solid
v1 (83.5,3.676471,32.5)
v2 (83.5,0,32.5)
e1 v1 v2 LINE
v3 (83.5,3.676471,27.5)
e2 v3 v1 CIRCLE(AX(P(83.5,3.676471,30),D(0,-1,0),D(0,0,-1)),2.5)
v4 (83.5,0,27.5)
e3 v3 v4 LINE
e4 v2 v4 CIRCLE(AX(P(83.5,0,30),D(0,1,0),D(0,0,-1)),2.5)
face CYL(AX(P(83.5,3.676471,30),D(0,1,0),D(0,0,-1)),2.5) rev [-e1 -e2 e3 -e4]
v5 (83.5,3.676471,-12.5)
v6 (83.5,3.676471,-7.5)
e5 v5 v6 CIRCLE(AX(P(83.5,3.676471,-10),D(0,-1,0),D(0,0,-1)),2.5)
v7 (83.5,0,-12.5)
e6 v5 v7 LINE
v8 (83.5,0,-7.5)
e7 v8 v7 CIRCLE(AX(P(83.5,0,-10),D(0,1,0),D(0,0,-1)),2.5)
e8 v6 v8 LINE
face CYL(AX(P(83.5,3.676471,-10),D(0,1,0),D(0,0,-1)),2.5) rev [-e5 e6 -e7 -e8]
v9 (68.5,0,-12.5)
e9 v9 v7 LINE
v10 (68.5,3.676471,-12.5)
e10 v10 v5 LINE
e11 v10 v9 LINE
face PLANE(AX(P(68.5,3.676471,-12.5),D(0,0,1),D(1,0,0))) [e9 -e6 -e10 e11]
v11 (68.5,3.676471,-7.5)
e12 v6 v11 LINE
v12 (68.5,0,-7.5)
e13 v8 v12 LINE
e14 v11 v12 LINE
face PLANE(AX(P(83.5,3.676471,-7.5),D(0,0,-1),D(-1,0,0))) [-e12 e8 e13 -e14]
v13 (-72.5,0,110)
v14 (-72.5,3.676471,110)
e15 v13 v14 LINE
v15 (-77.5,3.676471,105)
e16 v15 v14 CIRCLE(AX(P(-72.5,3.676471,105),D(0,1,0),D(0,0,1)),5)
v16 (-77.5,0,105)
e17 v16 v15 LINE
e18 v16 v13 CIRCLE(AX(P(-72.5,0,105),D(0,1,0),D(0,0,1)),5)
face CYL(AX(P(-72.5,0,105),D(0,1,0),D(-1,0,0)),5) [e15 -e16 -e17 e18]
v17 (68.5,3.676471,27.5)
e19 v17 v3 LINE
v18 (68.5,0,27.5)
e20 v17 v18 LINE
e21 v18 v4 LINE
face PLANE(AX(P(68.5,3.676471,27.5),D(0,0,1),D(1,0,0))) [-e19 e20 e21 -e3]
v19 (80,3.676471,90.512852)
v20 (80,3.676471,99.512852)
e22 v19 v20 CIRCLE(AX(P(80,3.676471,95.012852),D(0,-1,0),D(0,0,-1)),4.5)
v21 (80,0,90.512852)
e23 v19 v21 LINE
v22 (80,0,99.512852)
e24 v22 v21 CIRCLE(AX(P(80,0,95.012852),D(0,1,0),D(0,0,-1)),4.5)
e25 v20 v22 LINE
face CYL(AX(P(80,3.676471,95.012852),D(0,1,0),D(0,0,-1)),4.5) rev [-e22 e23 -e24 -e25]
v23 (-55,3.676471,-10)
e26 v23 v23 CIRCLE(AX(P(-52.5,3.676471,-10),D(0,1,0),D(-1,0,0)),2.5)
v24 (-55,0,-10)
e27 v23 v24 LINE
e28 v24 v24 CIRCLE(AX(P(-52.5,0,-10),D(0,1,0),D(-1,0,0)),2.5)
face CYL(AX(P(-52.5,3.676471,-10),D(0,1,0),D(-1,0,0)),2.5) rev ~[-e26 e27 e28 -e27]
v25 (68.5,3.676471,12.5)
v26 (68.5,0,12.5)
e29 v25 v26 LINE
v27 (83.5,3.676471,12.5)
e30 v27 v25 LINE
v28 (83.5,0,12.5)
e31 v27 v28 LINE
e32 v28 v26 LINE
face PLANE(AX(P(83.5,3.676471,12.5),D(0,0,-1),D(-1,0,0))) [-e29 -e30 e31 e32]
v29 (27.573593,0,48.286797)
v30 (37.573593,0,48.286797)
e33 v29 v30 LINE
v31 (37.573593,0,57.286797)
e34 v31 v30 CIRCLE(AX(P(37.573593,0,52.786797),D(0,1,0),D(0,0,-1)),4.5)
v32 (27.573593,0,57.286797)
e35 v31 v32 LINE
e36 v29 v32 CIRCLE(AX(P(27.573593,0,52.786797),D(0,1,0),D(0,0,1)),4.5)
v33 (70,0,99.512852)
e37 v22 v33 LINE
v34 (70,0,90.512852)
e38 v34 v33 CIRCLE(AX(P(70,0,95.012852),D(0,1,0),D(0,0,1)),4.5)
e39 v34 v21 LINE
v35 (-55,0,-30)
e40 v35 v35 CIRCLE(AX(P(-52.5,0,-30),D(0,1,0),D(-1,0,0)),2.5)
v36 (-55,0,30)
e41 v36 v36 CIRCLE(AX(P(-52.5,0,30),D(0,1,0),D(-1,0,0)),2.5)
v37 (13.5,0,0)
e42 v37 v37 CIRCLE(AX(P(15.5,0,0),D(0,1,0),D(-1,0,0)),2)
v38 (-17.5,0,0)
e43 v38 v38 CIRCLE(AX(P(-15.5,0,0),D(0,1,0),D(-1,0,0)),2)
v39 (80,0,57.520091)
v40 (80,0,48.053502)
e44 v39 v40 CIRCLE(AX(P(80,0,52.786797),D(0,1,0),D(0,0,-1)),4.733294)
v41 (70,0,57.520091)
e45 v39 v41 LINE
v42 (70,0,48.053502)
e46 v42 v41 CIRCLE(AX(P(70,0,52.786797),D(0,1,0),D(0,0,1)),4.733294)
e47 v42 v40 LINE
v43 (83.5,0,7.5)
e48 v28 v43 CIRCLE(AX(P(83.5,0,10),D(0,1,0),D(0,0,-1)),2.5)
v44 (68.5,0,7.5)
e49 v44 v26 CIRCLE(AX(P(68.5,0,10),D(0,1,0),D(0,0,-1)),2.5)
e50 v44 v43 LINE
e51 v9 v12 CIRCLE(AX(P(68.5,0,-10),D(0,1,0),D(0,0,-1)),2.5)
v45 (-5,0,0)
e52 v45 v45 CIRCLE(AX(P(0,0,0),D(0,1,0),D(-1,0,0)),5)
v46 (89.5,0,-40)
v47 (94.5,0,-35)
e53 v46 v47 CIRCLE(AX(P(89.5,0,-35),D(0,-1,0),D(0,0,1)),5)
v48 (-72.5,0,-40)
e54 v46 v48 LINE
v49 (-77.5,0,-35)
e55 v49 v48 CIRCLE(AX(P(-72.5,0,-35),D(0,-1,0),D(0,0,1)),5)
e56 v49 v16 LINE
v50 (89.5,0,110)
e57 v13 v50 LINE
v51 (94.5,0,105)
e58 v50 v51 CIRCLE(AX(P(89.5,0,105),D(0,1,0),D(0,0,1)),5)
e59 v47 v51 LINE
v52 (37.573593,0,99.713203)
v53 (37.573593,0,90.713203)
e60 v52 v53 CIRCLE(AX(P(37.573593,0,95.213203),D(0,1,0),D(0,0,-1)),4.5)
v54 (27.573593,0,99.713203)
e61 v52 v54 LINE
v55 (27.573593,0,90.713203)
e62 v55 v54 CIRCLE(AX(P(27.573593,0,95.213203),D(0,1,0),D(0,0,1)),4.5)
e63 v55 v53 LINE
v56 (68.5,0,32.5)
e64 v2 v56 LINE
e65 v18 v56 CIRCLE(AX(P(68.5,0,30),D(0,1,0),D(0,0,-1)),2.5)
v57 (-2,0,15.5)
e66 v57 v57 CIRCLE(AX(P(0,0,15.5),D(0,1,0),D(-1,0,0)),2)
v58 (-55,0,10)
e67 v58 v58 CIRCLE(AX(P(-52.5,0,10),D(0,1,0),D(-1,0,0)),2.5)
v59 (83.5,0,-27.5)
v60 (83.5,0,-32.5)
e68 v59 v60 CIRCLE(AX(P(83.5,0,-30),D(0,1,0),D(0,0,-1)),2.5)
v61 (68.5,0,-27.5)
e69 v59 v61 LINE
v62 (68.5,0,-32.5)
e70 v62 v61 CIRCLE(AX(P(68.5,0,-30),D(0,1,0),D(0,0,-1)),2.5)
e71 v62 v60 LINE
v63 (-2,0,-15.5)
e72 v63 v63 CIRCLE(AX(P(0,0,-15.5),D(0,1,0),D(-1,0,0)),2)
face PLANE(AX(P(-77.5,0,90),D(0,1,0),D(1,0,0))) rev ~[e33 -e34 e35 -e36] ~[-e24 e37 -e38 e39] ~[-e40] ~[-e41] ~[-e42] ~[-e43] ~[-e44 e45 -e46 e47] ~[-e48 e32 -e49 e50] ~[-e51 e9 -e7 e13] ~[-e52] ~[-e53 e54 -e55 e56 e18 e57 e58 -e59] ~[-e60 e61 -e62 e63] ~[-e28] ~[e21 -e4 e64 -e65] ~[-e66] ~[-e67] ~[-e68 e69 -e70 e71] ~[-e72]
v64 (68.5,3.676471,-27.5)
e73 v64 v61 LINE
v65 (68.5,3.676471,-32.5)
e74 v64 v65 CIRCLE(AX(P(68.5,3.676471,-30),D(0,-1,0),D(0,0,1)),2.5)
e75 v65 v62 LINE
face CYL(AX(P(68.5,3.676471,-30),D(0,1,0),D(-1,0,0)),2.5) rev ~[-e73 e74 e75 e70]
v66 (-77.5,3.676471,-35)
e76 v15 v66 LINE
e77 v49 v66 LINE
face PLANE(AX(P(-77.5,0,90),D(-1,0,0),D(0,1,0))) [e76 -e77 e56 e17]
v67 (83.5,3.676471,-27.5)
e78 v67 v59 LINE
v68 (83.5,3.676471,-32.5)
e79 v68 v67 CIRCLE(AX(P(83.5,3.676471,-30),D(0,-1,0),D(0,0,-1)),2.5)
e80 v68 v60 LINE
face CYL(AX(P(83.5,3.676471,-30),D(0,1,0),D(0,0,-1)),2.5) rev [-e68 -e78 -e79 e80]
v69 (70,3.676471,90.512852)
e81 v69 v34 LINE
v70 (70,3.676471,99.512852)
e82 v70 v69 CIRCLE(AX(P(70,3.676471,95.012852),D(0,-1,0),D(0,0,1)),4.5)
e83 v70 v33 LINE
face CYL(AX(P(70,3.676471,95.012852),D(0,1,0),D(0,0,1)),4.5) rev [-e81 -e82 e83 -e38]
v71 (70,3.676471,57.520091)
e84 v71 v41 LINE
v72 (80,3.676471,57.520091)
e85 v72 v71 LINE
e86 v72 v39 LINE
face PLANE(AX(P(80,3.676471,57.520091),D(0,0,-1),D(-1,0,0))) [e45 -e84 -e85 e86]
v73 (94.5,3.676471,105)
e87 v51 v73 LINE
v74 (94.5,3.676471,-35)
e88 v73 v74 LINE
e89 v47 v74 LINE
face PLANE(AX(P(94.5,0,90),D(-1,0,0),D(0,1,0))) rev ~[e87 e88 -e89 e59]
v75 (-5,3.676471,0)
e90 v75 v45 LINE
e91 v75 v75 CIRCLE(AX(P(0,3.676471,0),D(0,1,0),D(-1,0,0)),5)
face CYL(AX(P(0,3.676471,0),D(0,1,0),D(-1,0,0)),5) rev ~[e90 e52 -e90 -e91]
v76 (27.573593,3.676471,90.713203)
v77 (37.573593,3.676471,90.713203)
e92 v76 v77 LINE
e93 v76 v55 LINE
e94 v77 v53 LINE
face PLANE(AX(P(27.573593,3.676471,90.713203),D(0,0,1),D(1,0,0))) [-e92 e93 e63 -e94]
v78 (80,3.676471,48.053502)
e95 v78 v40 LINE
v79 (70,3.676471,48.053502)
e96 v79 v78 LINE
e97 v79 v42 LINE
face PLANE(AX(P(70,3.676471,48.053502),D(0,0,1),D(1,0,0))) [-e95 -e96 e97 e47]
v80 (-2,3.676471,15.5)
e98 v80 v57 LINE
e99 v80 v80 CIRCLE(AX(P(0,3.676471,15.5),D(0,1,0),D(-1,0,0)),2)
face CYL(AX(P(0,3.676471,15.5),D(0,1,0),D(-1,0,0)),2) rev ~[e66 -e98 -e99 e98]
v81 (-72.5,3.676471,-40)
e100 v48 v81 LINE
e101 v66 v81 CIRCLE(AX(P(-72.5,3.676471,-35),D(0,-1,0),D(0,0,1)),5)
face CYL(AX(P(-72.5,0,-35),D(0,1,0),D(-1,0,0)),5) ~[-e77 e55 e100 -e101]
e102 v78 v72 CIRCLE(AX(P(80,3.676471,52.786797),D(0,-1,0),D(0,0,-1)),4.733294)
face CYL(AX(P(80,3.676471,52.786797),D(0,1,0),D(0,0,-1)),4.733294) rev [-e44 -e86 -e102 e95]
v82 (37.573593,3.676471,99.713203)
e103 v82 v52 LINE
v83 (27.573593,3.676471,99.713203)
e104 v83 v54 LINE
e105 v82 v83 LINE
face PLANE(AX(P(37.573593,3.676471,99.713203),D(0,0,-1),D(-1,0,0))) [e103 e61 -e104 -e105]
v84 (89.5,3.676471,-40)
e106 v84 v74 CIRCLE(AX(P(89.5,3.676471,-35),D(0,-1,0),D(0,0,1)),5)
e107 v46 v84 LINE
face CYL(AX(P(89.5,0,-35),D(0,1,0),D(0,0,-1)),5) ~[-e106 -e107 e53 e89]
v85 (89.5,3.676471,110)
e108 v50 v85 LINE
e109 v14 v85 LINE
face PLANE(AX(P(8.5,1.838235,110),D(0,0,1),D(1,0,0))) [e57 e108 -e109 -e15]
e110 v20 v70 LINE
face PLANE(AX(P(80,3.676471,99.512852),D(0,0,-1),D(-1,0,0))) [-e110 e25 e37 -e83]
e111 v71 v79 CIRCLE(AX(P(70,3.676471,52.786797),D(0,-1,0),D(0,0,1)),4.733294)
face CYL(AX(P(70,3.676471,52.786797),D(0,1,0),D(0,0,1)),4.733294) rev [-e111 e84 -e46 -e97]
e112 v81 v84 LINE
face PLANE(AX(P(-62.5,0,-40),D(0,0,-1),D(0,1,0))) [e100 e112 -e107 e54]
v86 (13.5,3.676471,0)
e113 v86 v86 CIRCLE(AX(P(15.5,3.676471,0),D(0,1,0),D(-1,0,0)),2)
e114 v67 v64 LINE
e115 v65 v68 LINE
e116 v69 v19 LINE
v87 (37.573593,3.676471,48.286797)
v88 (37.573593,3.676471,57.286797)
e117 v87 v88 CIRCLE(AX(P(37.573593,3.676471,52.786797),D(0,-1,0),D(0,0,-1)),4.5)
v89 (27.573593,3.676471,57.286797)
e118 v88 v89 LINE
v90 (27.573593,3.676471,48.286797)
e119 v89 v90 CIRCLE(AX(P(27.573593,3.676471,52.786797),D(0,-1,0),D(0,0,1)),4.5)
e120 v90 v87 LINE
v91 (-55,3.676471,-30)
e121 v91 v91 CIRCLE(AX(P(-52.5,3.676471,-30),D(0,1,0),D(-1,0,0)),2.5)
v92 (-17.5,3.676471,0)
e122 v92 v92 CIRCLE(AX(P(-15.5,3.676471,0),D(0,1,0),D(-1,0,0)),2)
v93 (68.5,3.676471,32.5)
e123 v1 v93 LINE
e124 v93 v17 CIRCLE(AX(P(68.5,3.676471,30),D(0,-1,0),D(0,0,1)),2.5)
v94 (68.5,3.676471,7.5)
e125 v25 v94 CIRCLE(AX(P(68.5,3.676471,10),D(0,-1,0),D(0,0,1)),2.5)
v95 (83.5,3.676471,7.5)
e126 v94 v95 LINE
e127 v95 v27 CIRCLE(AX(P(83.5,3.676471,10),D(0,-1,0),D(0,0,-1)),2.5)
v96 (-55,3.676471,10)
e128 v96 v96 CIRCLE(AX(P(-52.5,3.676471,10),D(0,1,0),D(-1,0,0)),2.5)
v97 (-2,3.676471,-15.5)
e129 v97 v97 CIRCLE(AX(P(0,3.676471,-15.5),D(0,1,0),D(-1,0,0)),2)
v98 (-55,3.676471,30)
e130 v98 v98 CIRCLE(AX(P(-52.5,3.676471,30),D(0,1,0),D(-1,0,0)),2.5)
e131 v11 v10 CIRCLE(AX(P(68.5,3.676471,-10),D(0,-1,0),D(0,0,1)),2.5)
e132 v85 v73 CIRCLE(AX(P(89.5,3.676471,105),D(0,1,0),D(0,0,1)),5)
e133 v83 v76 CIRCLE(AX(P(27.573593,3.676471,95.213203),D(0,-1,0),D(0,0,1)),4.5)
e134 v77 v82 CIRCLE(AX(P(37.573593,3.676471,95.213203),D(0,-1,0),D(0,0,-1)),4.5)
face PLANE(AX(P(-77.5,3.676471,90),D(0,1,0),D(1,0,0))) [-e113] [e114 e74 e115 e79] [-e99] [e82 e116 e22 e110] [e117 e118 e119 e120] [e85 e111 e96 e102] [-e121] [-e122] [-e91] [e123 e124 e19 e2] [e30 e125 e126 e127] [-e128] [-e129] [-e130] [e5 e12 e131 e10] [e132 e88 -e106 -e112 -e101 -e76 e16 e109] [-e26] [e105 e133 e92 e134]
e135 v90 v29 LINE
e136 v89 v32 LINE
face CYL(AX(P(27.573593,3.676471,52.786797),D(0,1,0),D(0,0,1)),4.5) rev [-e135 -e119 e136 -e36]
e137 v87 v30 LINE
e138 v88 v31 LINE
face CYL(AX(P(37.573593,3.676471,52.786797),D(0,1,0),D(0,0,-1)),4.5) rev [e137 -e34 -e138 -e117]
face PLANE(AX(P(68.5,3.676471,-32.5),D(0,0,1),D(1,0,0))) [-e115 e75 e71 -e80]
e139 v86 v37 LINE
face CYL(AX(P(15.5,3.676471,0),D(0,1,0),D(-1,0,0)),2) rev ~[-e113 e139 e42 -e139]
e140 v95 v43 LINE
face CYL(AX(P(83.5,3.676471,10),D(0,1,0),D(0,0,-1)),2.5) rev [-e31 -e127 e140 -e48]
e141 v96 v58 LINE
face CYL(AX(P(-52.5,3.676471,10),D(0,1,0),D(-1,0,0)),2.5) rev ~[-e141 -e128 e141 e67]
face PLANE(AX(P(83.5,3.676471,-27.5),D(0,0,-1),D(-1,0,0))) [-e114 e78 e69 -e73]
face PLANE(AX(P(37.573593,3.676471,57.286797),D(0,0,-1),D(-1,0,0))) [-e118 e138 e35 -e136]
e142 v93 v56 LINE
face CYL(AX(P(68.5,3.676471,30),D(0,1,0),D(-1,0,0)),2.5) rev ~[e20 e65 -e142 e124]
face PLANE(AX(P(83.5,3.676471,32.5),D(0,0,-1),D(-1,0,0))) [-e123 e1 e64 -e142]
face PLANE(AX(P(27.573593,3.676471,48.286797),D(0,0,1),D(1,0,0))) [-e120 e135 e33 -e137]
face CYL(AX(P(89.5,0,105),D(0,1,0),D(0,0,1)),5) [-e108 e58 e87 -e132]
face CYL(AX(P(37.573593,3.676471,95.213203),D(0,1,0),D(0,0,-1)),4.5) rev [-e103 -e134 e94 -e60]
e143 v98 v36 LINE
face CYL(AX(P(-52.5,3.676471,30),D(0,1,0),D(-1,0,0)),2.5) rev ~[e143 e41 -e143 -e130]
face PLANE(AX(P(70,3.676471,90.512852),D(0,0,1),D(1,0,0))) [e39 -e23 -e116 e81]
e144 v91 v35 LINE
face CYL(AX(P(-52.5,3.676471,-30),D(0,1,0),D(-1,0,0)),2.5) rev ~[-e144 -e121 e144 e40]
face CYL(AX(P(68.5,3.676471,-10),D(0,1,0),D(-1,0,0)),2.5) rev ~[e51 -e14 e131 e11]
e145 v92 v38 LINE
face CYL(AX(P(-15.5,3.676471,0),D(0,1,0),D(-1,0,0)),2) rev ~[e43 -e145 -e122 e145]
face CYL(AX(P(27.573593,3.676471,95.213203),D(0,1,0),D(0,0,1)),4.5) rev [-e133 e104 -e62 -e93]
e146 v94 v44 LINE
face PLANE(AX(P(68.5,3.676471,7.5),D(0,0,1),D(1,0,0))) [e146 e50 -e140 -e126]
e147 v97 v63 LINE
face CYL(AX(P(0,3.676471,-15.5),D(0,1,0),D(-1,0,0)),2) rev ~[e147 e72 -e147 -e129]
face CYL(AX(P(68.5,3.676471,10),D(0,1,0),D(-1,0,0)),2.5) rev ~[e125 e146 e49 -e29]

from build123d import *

# Parameters (mm, degrees)
SKETCH_2_W          = 62.5
SKETCH_2_H          = 3.676470588
EXTRUDE_1_DEPTH     = 40
SKETCH_4_R          = 2
SKETCH_4_R_2        = 5
SKETCH_4_R_3        = 2.5
CUT_EXTRUDE_1_DEPTH = 75.295130634
SKETCH_5_W          = 125
SKETCH_5_H          = 3.676470588
EXTRUDE_3_DEPTH     = 50
SKETCH_6_W          = 130
SKETCH_6_H          = 3.676470588
EXTRUDE_4_DEPTH     = 12
SKETCH_7_R          = 2.5
CUT_EXTRUDE_2_DEPTH = 117.892114516
SKETCH_8_W          = 130
SKETCH_8_H          = 3.676470588
EXTRUDE_5_DEPTH     = 20
CUT_EXTRUDE_4_DEPTH = 131.55177684
SKETCH_11_W         = 130
SKETCH_11_H         = 3.676470588
EXTRUDE_6_DEPTH     = 15
SKETCH_12_W         = 172
SKETCH_12_H         = 3.676470588
EXTRUDE_7_DEPTH     = 20
CUT_EXTRUDE_5_DEPTH = 146.064697415
FILLET_2_R          = 5


with BuildPart() as part:
    # 草图2 → 凸台-拉伸1 (new, symmetric)
    with BuildSketch(Plane.XY):
        with Locations((-31.25, 1.838235294)):
            Rectangle(SKETCH_2_W, SKETCH_2_H)
    extrude_1 = extrude(amount=EXTRUDE_1_DEPTH, both=True)

    # 镜向1: 凸台-拉伸1 across plane
    add(extrude_1.mirror(Plane(origin=(0, 0, 40), x_dir=(0, 0, 1), z_dir=(-1, 0, 0))))

    # 草图4 → 切除-拉伸1 (cut, through all)
    with BuildSketch(Plane(origin=(0, 3.676470588, 0), x_dir=(1, 0, 0), z_dir=(0, 1, 0))):
        with Locations(Location((0, 15.5, 0), (0, 0, 180))):
            Circle(SKETCH_4_R)
        with Locations(Location((15.5, 0, 0), (0, 0, 180))):
            Circle(SKETCH_4_R)
        with Locations(Location((0, -15.5, 0), (0, 0, 180))):
            Circle(SKETCH_4_R)
        with Locations(Location((-15.5, 0, 0), (0, 0, 180))):
            Circle(SKETCH_4_R)
        with Locations(Location((0, 0, 0), (0, 0, 180))):
            Circle(SKETCH_4_R_2)
        with Locations(Location((-52.5, 10, 0), (0, 0, 180))):
            Circle(SKETCH_4_R_3)
        with Locations(Location((-52.5, 30, 0), (0, 0, 180))):
            Circle(SKETCH_4_R_3)
        with Locations(Location((-52.5, -10, 0), (0, 0, 180))):
            Circle(SKETCH_4_R_3)
        with Locations(Location((-52.5, -30, 0), (0, 0, 180))):
            Circle(SKETCH_4_R_3)
    extrude(amount=-CUT_EXTRUDE_1_DEPTH, mode=Mode.SUBTRACT)

    # 草图5 → 凸台-拉伸3 (add)
    with BuildSketch(Plane.XY.offset(40)):
        with Locations((0, 1.838235294)):
            Rectangle(SKETCH_5_W, SKETCH_5_H)
    extrude(amount=EXTRUDE_3_DEPTH)

    # 草图6 → 凸台-拉伸4 (add)
    with BuildSketch(Plane(origin=(62.5, 0, 0), x_dir=(0, 0, -1), z_dir=(1, 0, 0))):
        with Locations((-25, 1.838235294)):
            Rectangle(SKETCH_6_W, SKETCH_6_H)
    extrude(amount=EXTRUDE_4_DEPTH)

    # 草图7 → 切除-拉伸2 (cut, through all)
    with BuildSketch(Plane(origin=(0, 3.676470588, 0), x_dir=(1, 0, 0), z_dir=(0, 1, 0))):
        with Locations(Location((68.5, 30, 0), (0, 0, 180))):
            Circle(SKETCH_7_R)
        with Locations(Location((68.5, 10, 0), (0, 0, 180))):
            Circle(SKETCH_7_R)
        with Locations(Location((68.5, -10, 0), (0, 0, 180))):
            Circle(SKETCH_7_R)
        with Locations(Location((68.5, -30, 0), (0, 0, 180))):
            Circle(SKETCH_7_R)
    extrude(amount=-CUT_EXTRUDE_2_DEPTH, mode=Mode.SUBTRACT)

    # 草图8 → 凸台-拉伸5 (add)
    with BuildSketch(Plane(origin=(74.5, 0, 0), x_dir=(0, 0, -1), z_dir=(1, 0, 0))):
        with Locations((-25, 1.838235294)):
            Rectangle(SKETCH_8_W, SKETCH_8_H)
    extrude(amount=EXTRUDE_5_DEPTH)

    # 草图10 → 切除-拉伸4 (cut, through all)
    with BuildSketch(Plane(origin=(0, 3.676470588, 0), x_dir=(1, 0, 0), z_dir=(0, 1, 0))):
        with BuildLine():
            Line((68.5, 32.5), (83.5, 32.5))
            ThreePointArc((83.5, 32.5), (86, 30), (83.5, 27.5))
            Line((83.5, 27.5), (68.5, 27.5))
            ThreePointArc((68.5, 27.5), (66, 30), (68.5, 32.5))
        make_face()
        with BuildLine():
            Line((68.5, 12.5), (83.5, 12.5))
            ThreePointArc((83.5, 12.5), (86, 10), (83.5, 7.5))
            Line((83.5, 7.5), (68.5, 7.5))
            ThreePointArc((68.5, 7.5), (66, 10), (68.5, 12.5))
        make_face()
        with BuildLine():
            Line((68.5, -7.5), (83.5, -7.5))
            ThreePointArc((83.5, -7.5), (86, -10), (83.5, -12.5))
            Line((83.5, -12.5), (68.5, -12.5))
            ThreePointArc((68.5, -12.5), (66, -10), (68.5, -7.5))
        make_face()
        with BuildLine():
            Line((68.5, -27.5), (83.5, -27.5))
            ThreePointArc((83.5, -27.5), (86, -30), (83.5, -32.5))
            Line((83.5, -32.5), (68.5, -32.5))
            ThreePointArc((68.5, -32.5), (66, -30), (68.5, -27.5))
        make_face()
    extrude(amount=-CUT_EXTRUDE_4_DEPTH, mode=Mode.SUBTRACT)

    # 草图11 → 凸台-拉伸6 (add)
    with BuildSketch(Plane.ZY.offset(62.5)):
        with Locations((25, 1.838235294)):
            Rectangle(SKETCH_11_W, SKETCH_11_H)
    extrude(amount=EXTRUDE_6_DEPTH)

    # 草图12 → 凸台-拉伸7 (add)
    with BuildSketch(Plane.XY.offset(90)):
        with Locations((8.5, 1.838235294)):
            Rectangle(SKETCH_12_W, SKETCH_12_H)
    extrude(amount=EXTRUDE_7_DEPTH)

    # 草图13 → 切除-拉伸5 (cut, through all)
    with BuildSketch(Plane(origin=(0, 3.676470588, 0), x_dir=(1, 0, 0), z_dir=(0, 1, 0))):
        with BuildLine():
            Line((80, -99.512851956), (70, -99.512851956))
            ThreePointArc((70, -99.512851956), (65.5, -95.012851956), (70, -90.512851956))
            Line((70, -90.512851956), (80, -90.512851956))
            ThreePointArc((80, -90.512851956), (84.5, -95.012851956), (80, -99.512851956))
        make_face()
        with BuildLine():
            Line((37.573593129, -99.713203436), (27.573593129, -99.713203436))
            ThreePointArc((27.573593129, -99.713203436), (23.073593129, -95.213203436), (27.573593129, -90.713203436))
            Line((27.573593129, -90.713203436), (37.573593129, -90.713203436))
            ThreePointArc((37.573593129, -90.713203436), (42.073593129, -95.213203436), (37.573593129, -99.713203436))
        make_face()
        with BuildLine():
            Line((37.573593129, -57.286796564), (27.573593129, -57.286796564))
            ThreePointArc((27.573593129, -57.286796564), (23.073593129, -52.786796564), (27.573593129, -48.286796564))
            Line((27.573593129, -48.286796564), (37.573593129, -48.286796564))
            ThreePointArc((37.573593129, -48.286796564), (42.073593129, -52.786796564), (37.573593129, -57.286796564))
        make_face()
        with BuildLine():
            Line((80, -57.520090719), (70, -57.520090719))
            ThreePointArc((70, -57.520090719), (65.266705846, -52.786796564), (70, -48.05350241))
            Line((70, -48.05350241), (80, -48.05350241))
            ThreePointArc((80, -48.05350241), (84.733294154, -52.786796564), (80, -57.520090719))
        make_face()
    extrude(amount=-CUT_EXTRUDE_5_DEPTH, mode=Mode.SUBTRACT)

    # 圆角2
    fillet_2_edges = [part.edges().sort_by_distance(p)[0] for p in [
        (94.5, 1.838235294, -40),
        (-77.5, 1.838235294, -40),
        (94.5, 1.838235294, 110),
        (-77.5, 1.838235294, 110),
    ]]
    fillet(fillet_2_edges, radius=FILLET_2_R)


solid = part.part
